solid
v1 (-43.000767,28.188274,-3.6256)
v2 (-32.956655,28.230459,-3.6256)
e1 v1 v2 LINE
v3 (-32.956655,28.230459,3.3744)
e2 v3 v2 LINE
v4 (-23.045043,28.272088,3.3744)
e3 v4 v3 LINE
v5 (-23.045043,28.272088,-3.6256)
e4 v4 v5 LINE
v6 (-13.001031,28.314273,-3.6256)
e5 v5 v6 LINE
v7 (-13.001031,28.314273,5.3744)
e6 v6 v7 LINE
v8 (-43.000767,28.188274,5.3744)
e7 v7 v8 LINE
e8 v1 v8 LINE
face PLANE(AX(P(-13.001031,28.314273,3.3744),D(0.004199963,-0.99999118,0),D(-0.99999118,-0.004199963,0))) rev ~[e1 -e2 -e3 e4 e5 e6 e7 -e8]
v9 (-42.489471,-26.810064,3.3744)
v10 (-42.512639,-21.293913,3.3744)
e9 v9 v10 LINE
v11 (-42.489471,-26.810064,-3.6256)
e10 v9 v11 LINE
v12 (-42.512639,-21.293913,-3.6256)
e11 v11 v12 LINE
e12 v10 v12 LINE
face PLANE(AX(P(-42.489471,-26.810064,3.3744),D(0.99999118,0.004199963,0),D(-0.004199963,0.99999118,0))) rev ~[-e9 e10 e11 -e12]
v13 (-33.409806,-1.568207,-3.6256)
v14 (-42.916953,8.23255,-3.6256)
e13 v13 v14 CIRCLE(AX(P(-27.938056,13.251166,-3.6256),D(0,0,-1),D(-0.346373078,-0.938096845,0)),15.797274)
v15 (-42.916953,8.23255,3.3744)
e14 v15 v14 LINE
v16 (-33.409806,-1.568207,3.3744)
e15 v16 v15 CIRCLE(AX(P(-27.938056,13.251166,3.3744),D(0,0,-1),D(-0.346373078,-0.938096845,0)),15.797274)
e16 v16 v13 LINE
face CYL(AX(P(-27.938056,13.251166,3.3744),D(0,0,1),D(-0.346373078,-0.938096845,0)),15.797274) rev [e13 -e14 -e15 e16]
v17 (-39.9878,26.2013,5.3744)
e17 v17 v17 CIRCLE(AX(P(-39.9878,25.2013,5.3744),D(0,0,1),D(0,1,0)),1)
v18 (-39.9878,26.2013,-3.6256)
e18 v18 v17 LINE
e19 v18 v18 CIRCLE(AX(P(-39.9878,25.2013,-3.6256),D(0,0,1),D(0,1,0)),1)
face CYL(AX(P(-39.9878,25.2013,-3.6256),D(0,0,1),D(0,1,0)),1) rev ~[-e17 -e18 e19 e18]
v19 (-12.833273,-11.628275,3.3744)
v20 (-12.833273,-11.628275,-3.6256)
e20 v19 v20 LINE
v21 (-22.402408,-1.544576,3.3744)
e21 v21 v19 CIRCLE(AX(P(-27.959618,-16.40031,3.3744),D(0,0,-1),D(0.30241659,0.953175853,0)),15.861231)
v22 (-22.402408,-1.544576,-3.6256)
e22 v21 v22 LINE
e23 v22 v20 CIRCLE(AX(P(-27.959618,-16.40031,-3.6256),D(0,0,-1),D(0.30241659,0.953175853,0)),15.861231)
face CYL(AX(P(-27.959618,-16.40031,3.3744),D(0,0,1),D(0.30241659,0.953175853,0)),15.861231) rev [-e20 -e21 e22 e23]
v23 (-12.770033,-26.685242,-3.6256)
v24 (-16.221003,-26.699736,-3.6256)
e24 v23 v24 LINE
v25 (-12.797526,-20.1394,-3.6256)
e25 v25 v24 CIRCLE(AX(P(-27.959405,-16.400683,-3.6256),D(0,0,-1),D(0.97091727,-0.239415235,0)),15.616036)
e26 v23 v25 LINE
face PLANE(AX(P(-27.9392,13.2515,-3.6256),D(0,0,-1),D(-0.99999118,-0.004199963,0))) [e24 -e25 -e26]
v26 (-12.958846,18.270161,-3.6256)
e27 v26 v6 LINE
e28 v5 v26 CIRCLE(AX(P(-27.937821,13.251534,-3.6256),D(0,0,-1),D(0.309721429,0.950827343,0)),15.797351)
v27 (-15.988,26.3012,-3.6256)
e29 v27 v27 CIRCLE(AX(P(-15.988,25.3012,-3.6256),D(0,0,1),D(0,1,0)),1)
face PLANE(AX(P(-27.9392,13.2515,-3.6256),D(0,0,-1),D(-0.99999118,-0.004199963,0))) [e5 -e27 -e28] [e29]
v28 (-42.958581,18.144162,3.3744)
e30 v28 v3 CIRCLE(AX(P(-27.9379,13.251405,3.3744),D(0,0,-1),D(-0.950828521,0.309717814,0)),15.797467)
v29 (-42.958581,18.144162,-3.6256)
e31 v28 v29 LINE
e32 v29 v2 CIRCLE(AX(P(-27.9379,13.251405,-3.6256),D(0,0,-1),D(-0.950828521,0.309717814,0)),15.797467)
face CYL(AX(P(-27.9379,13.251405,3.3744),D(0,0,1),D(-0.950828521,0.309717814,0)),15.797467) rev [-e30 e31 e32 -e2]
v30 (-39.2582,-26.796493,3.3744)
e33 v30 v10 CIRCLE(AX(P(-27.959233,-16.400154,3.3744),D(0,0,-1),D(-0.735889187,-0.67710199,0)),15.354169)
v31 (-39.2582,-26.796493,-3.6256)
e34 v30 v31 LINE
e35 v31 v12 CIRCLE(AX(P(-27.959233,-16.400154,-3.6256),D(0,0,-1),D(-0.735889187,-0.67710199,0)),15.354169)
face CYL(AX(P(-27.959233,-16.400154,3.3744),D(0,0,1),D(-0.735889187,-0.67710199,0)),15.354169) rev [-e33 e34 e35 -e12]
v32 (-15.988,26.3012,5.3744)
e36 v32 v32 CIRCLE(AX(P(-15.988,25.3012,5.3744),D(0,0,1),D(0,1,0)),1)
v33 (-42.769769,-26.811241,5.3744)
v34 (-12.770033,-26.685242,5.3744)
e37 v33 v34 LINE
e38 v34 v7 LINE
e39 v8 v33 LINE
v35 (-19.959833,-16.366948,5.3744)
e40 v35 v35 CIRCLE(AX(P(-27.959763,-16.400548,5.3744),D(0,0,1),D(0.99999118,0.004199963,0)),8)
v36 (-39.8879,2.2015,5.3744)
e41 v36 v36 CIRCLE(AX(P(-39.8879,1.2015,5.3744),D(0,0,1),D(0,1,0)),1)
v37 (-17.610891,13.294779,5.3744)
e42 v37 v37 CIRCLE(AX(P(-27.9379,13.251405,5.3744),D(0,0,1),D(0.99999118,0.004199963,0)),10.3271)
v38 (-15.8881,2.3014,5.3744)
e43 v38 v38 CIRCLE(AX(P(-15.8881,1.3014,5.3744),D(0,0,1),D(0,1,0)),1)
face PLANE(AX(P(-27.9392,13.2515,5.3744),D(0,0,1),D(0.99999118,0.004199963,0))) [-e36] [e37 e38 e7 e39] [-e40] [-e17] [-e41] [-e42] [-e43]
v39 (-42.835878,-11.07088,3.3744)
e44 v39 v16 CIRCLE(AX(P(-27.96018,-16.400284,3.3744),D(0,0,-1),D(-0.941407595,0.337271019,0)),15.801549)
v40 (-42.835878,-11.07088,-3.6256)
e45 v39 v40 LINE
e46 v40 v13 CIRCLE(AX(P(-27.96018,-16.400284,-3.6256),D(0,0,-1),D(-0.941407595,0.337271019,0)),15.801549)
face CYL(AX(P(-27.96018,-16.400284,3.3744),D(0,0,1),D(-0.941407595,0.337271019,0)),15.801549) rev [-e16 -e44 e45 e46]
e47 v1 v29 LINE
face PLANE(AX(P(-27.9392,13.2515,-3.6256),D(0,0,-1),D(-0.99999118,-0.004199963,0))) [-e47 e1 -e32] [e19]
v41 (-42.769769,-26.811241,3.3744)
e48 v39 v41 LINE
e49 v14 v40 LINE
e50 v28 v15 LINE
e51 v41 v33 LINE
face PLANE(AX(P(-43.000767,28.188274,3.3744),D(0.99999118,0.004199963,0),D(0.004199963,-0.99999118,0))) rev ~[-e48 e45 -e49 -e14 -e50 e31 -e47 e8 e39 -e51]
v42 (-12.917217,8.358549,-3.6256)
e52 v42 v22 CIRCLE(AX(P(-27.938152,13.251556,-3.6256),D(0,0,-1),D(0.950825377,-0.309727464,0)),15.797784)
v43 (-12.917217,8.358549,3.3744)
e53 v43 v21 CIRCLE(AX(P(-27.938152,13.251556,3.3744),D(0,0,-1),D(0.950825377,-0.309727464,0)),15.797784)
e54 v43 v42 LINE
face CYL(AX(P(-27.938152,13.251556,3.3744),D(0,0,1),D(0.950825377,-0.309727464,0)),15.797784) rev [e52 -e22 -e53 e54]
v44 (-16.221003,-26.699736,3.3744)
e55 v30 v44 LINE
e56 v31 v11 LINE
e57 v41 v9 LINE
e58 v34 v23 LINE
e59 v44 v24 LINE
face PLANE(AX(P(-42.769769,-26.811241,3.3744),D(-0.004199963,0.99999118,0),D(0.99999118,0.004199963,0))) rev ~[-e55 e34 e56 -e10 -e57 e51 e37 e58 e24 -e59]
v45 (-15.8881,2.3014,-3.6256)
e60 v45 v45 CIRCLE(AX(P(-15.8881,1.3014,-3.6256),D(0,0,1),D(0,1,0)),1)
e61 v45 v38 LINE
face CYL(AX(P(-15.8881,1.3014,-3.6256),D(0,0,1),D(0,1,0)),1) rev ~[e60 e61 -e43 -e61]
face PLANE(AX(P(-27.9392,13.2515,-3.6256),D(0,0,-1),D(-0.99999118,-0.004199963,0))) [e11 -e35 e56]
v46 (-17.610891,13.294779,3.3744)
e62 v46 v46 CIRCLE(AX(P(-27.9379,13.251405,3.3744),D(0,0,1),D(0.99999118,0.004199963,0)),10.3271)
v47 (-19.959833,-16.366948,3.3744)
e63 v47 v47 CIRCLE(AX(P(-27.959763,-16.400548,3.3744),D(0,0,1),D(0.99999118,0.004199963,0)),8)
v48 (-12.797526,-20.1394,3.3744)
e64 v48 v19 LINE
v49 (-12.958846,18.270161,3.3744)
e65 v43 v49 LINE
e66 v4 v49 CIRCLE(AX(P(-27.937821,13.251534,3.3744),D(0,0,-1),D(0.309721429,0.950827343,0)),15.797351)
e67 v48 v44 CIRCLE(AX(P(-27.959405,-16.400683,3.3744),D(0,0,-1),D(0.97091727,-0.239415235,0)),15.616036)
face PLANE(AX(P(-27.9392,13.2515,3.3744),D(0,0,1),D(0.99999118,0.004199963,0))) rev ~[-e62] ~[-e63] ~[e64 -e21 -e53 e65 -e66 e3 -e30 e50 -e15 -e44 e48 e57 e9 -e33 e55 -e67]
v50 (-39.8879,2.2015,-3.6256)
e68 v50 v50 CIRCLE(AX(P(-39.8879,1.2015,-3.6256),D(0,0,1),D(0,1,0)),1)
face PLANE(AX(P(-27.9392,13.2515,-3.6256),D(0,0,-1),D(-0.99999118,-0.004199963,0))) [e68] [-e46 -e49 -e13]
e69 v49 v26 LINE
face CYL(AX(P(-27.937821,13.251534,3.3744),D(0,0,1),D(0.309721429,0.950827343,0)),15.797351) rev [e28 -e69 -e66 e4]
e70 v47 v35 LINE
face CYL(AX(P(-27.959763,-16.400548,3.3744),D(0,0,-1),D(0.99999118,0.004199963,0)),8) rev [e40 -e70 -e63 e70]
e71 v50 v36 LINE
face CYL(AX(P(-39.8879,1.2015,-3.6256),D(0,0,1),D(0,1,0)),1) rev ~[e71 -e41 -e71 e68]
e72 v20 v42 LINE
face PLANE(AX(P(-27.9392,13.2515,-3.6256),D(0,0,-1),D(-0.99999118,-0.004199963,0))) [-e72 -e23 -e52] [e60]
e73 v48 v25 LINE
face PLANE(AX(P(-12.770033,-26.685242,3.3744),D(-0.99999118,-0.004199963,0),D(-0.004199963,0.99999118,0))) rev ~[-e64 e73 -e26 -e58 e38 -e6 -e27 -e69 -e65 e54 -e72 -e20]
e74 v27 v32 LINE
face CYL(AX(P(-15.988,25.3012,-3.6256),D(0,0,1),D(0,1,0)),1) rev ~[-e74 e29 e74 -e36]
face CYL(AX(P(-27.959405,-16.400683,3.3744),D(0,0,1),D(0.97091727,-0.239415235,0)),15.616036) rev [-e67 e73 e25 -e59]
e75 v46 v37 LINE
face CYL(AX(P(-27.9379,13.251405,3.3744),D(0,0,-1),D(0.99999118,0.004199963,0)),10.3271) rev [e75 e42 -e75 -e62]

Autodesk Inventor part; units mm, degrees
ref_plane "YZ Plane" through (0, 0, 0) normal (1, 0, 0) x (0, 1, 0)
ref_plane "XZ Plane" through (0, 0, 0) normal (0, 1, 0) x (-1, 0, 0)
ref_plane "XY Plane" through (0, 0, 0) normal (0, 0, 1) x (1, 0, 0)
ref_plane "Work Plane1" through (0, 0, 0) normal (0, 0, 1) x (1, 0, 0)
ref_plane "Work Plane2" through (-27.9392, 13.2515, 3.3744) normal (0, 0, 1) x (1, 0.0042, 0)
sketch "Sketch4" plane through (-27.9392, 13.2515, 3.3744) normal (0, 0, 1) x (1, 0.0042, 0)
  circle A0 centre (0.0013, -0.0001) radius 12.5 construction
  line L0 (15.0013, 14.9999) -> (-14.9987, 14.9999) construction
  line L1 (-14.9987, 14.9999) -> (-14.9987, -40.0001) construction
  line L2 (-14.9987, -40.0001) -> (15.0013, -40.0001) construction
  line L3 (15.0013, -40.0001) -> (15.0013, 14.9999) construction
  line L4 (15.0013, 14.9999) -> (-14.9987, 14.9999)
  line L5 (-14.9987, 14.9999) -> (-14.9987, -40.0001)
  line L6 (-14.9987, -40.0001) -> (15.0013, -40.0001)
  line L7 (15.0013, -40.0001) -> (15.0013, 14.9999)
  circle A1 centre (0.0013, -0.0001) radius 10.3271
  circle A2 centre (-0.1451, -29.1987) radius 12.8 construction
  circle A3 centre (-0.1451, -29.6517) radius 8.1726 construction
  circle A4 centre (-0.1451, -29.6517) radius 8
  point P0 (27.8838, -13.3677)
  dimension "d13" = 15
  dimension "d14" = 15
  dimension "d15" = 15
  dimension "d16" = 40
  dimension "d17" = 16
  dimension "d34" = 29.652
extrude "Extrusion4" add sketch "Sketch4" along normal blind 2
sketch "Sketch5" plane through (-27.9392, 13.2515, 3.3744) normal (0, 0, -1) x (-1, -0.0042, 0)
  line L0 (15.2891, -0.4637) -> (15.1772, -1.9039) construction
  circle A0 centre (-0.0013, -0.0001) radius 12.5 construction
  line L1 (15.4424, -29.5809) -> (15.3809, -31.0242) construction
  circle A1 centre (-0.0013, -0.0001) radius 10.3271 construction
  circle A2 centre (0.1451, -29.6517) radius 8 construction
  line L2 (-15.0013, 14.9999) -> (14.9987, 14.9999) construction
  line L3 (-15.0013, -40.0001) -> (-15.0013, 14.9999) construction
  line L4 (14.9987, -40.0001) -> (-15.0013, -40.0001) construction
  line L5 (14.9987, 14.9999) -> (14.9987, -40.0001) construction
  line L6 (-15.0013, -40.0001) -> (14.7184, -40.0001)
  circle A3 centre (-0.0013, -0.0001) radius 15.2975 construction
  line L7 (14.9987, -40.0001) -> (-15.0013, -40.0001) projected
  line L8 (14.9987, 14.9999) -> (14.9987, -40.0001) projected
  line L9 (-15.0013, -40.0001) -> (-15.0013, 14.9999) projected
  line L10 (14.9987, 4.9557) -> (14.9987, 14.9999)
  arc A4 (5.5328, -14.7966) -> (14.9987, -4.956) centre (-0.0013, -0.0001) ccw
  line L11 (14.7184, -40.0001) -> (14.7184, -34.4839)
  line L12 (14.9987, -24.2596) -> (14.9987, -4.956)
  arc A5 (14.9987, -24.2596) -> (5.5328, -14.7966) centre (0.1451, -29.6517) ccw
  arc A6 (11.4871, -40.0001) -> (14.7184, -34.4839) centre (0.1451, -29.6517) ccw
  line L13 (-15.0013, 4.9557) -> (-15.0013, -4.956)
  line L14 (-15.0013, -33.4542) -> (-15.0013, -40.0001)
  arc A7 (-4.7152, -14.5532) -> (-15.0013, -24.943) centre (0.1451, -29.6517) ccw
  arc A8 (-15.0013, -33.4542) -> (-11.5503, -40.0001) centre (0.1451, -29.6517) ccw
  arc A9 (-15.0013, -4.956) -> (-5.4746, -14.8192) centre (-0.0013, -0.0001) ccw
  arc A10 (14.9987, 4.9557) -> (4.9545, 14.9999) centre (-0.0013, -0.0001) ccw
  arc A11 (-4.9572, 14.9999) -> (-15.0013, 4.9557) centre (-0.0013, -0.0001) ccw
  line L15 (14.9987, 14.9999) -> (3.0009, 14.9999)
  line L16 (-3.0035, 14.9999) -> (-15.0013, 14.9999)
  line L17 (-15.0013, -4.956) -> (-15.0013, -24.943)
  line L18 (14.9987, -4.956) -> (14.9987, -24.2596)
  point P0 (-27.8838, -13.3677)
  point P1 (10.9564, -8.3909)
extrude "Extrusion5" add sketch "Sketch5" along normal blind 7
sketch "Sketch6" plane through (-27.9392, 13.2515, -3.6256) normal (0, 0, -1) x (-1, -0.0042, 0)
  line L0 (-15.0013, -40.0001) -> (-11.5503, -40.0001) projected
  arc A0 (-5.4746, -14.8192) -> (-15.0013, -24.943) centre (0.1451, -29.6517) ccw projected
  line L1 (-15.0013, -33.4542) -> (-15.0013, -40.0001) projected
  line L2 (-15.0013, -4.956) -> (-15.0013, -24.943) projected
  line L3 (14.7184, -40.0001) -> (14.7184, -34.4839) projected
  line L4 (11.4871, -40.0001) -> (14.7184, -40.0001) projected
  arc A1 (-15.0013, -33.4542) -> (-11.5503, -40.0001) centre (0.1451, -29.6517) ccw projected
  arc A2 (-4.9572, 14.9999) -> (-15.0013, 4.9557) centre (-0.0013, -0.0001) ccw projected
  line L5 (-4.9572, 14.9999) -> (-15.0013, 14.9999) projected
  line L6 (-15.0013, 14.9999) -> (-15.0013, 4.9557) projected
  arc A3 (11.4871, -40.0001) -> (14.7184, -34.4839) centre (0.1451, -29.6517) ccw projected
  arc A4 (-15.0013, -4.956) -> (-5.4746, -14.8192) centre (-0.0013, -0.0001) ccw projected
  line L7 (-12.0013, 11.9999) -> (11.9987, 11.9999) construction
  line L8 (11.9987, 11.9999) -> (11.9987, -12.0001) construction
  line L9 (11.9987, -12.0001) -> (-12.0013, -12.0001) construction
  line L10 (-12.0013, -12.0001) -> (-12.0013, 11.9999) construction
  line L11 (-12.0013, 11.9999) -> (11.9987, -12.0001) construction
  line L12 (11.9987, 11.9999) -> (-12.0013, -12.0001) construction
  dimension "d32" = 24
  dimension "d33" = 24
hole "Hole1" at (-39.9878, 25.2013, -3.6256) at (-39.8879, 1.2015, -3.6256) at (-15.8881, 1.3014, -3.6256) at (-15.988, 25.3012, -3.6256) direction (0, 0, 1) diameter 2 depth 24 tip angle 118
sketch "Sketch7" plane through (-27.9392, 13.2515, -3.6256) normal (0, 0, -1) x (-1, -0.0042, 0)
  circle A0 centre (-0.0013, -0.0001) radius 10.3271 projected
  line L0 (-12.0013, 11.9999) -> (11.9987, 11.9999) construction
  line L1 (11.9987, 11.9999) -> (11.9987, -12.0001) construction
  line L2 (11.9987, -12.0001) -> (-12.0013, -12.0001) construction
  line L3 (-12.0013, -12.0001) -> (-12.0013, 11.9999) construction
  line L4 (-12.0013, 11.9999) -> (11.9987, -12.0001) construction
  line L5 (11.9987, 11.9999) -> (-12.0013, -12.0001) construction
  point P0 (-27.8838, -13.3677)
  dimension "d30" = 24
  dimension "d31" = 24
properties part number "200_Gearbox_conterplate"
